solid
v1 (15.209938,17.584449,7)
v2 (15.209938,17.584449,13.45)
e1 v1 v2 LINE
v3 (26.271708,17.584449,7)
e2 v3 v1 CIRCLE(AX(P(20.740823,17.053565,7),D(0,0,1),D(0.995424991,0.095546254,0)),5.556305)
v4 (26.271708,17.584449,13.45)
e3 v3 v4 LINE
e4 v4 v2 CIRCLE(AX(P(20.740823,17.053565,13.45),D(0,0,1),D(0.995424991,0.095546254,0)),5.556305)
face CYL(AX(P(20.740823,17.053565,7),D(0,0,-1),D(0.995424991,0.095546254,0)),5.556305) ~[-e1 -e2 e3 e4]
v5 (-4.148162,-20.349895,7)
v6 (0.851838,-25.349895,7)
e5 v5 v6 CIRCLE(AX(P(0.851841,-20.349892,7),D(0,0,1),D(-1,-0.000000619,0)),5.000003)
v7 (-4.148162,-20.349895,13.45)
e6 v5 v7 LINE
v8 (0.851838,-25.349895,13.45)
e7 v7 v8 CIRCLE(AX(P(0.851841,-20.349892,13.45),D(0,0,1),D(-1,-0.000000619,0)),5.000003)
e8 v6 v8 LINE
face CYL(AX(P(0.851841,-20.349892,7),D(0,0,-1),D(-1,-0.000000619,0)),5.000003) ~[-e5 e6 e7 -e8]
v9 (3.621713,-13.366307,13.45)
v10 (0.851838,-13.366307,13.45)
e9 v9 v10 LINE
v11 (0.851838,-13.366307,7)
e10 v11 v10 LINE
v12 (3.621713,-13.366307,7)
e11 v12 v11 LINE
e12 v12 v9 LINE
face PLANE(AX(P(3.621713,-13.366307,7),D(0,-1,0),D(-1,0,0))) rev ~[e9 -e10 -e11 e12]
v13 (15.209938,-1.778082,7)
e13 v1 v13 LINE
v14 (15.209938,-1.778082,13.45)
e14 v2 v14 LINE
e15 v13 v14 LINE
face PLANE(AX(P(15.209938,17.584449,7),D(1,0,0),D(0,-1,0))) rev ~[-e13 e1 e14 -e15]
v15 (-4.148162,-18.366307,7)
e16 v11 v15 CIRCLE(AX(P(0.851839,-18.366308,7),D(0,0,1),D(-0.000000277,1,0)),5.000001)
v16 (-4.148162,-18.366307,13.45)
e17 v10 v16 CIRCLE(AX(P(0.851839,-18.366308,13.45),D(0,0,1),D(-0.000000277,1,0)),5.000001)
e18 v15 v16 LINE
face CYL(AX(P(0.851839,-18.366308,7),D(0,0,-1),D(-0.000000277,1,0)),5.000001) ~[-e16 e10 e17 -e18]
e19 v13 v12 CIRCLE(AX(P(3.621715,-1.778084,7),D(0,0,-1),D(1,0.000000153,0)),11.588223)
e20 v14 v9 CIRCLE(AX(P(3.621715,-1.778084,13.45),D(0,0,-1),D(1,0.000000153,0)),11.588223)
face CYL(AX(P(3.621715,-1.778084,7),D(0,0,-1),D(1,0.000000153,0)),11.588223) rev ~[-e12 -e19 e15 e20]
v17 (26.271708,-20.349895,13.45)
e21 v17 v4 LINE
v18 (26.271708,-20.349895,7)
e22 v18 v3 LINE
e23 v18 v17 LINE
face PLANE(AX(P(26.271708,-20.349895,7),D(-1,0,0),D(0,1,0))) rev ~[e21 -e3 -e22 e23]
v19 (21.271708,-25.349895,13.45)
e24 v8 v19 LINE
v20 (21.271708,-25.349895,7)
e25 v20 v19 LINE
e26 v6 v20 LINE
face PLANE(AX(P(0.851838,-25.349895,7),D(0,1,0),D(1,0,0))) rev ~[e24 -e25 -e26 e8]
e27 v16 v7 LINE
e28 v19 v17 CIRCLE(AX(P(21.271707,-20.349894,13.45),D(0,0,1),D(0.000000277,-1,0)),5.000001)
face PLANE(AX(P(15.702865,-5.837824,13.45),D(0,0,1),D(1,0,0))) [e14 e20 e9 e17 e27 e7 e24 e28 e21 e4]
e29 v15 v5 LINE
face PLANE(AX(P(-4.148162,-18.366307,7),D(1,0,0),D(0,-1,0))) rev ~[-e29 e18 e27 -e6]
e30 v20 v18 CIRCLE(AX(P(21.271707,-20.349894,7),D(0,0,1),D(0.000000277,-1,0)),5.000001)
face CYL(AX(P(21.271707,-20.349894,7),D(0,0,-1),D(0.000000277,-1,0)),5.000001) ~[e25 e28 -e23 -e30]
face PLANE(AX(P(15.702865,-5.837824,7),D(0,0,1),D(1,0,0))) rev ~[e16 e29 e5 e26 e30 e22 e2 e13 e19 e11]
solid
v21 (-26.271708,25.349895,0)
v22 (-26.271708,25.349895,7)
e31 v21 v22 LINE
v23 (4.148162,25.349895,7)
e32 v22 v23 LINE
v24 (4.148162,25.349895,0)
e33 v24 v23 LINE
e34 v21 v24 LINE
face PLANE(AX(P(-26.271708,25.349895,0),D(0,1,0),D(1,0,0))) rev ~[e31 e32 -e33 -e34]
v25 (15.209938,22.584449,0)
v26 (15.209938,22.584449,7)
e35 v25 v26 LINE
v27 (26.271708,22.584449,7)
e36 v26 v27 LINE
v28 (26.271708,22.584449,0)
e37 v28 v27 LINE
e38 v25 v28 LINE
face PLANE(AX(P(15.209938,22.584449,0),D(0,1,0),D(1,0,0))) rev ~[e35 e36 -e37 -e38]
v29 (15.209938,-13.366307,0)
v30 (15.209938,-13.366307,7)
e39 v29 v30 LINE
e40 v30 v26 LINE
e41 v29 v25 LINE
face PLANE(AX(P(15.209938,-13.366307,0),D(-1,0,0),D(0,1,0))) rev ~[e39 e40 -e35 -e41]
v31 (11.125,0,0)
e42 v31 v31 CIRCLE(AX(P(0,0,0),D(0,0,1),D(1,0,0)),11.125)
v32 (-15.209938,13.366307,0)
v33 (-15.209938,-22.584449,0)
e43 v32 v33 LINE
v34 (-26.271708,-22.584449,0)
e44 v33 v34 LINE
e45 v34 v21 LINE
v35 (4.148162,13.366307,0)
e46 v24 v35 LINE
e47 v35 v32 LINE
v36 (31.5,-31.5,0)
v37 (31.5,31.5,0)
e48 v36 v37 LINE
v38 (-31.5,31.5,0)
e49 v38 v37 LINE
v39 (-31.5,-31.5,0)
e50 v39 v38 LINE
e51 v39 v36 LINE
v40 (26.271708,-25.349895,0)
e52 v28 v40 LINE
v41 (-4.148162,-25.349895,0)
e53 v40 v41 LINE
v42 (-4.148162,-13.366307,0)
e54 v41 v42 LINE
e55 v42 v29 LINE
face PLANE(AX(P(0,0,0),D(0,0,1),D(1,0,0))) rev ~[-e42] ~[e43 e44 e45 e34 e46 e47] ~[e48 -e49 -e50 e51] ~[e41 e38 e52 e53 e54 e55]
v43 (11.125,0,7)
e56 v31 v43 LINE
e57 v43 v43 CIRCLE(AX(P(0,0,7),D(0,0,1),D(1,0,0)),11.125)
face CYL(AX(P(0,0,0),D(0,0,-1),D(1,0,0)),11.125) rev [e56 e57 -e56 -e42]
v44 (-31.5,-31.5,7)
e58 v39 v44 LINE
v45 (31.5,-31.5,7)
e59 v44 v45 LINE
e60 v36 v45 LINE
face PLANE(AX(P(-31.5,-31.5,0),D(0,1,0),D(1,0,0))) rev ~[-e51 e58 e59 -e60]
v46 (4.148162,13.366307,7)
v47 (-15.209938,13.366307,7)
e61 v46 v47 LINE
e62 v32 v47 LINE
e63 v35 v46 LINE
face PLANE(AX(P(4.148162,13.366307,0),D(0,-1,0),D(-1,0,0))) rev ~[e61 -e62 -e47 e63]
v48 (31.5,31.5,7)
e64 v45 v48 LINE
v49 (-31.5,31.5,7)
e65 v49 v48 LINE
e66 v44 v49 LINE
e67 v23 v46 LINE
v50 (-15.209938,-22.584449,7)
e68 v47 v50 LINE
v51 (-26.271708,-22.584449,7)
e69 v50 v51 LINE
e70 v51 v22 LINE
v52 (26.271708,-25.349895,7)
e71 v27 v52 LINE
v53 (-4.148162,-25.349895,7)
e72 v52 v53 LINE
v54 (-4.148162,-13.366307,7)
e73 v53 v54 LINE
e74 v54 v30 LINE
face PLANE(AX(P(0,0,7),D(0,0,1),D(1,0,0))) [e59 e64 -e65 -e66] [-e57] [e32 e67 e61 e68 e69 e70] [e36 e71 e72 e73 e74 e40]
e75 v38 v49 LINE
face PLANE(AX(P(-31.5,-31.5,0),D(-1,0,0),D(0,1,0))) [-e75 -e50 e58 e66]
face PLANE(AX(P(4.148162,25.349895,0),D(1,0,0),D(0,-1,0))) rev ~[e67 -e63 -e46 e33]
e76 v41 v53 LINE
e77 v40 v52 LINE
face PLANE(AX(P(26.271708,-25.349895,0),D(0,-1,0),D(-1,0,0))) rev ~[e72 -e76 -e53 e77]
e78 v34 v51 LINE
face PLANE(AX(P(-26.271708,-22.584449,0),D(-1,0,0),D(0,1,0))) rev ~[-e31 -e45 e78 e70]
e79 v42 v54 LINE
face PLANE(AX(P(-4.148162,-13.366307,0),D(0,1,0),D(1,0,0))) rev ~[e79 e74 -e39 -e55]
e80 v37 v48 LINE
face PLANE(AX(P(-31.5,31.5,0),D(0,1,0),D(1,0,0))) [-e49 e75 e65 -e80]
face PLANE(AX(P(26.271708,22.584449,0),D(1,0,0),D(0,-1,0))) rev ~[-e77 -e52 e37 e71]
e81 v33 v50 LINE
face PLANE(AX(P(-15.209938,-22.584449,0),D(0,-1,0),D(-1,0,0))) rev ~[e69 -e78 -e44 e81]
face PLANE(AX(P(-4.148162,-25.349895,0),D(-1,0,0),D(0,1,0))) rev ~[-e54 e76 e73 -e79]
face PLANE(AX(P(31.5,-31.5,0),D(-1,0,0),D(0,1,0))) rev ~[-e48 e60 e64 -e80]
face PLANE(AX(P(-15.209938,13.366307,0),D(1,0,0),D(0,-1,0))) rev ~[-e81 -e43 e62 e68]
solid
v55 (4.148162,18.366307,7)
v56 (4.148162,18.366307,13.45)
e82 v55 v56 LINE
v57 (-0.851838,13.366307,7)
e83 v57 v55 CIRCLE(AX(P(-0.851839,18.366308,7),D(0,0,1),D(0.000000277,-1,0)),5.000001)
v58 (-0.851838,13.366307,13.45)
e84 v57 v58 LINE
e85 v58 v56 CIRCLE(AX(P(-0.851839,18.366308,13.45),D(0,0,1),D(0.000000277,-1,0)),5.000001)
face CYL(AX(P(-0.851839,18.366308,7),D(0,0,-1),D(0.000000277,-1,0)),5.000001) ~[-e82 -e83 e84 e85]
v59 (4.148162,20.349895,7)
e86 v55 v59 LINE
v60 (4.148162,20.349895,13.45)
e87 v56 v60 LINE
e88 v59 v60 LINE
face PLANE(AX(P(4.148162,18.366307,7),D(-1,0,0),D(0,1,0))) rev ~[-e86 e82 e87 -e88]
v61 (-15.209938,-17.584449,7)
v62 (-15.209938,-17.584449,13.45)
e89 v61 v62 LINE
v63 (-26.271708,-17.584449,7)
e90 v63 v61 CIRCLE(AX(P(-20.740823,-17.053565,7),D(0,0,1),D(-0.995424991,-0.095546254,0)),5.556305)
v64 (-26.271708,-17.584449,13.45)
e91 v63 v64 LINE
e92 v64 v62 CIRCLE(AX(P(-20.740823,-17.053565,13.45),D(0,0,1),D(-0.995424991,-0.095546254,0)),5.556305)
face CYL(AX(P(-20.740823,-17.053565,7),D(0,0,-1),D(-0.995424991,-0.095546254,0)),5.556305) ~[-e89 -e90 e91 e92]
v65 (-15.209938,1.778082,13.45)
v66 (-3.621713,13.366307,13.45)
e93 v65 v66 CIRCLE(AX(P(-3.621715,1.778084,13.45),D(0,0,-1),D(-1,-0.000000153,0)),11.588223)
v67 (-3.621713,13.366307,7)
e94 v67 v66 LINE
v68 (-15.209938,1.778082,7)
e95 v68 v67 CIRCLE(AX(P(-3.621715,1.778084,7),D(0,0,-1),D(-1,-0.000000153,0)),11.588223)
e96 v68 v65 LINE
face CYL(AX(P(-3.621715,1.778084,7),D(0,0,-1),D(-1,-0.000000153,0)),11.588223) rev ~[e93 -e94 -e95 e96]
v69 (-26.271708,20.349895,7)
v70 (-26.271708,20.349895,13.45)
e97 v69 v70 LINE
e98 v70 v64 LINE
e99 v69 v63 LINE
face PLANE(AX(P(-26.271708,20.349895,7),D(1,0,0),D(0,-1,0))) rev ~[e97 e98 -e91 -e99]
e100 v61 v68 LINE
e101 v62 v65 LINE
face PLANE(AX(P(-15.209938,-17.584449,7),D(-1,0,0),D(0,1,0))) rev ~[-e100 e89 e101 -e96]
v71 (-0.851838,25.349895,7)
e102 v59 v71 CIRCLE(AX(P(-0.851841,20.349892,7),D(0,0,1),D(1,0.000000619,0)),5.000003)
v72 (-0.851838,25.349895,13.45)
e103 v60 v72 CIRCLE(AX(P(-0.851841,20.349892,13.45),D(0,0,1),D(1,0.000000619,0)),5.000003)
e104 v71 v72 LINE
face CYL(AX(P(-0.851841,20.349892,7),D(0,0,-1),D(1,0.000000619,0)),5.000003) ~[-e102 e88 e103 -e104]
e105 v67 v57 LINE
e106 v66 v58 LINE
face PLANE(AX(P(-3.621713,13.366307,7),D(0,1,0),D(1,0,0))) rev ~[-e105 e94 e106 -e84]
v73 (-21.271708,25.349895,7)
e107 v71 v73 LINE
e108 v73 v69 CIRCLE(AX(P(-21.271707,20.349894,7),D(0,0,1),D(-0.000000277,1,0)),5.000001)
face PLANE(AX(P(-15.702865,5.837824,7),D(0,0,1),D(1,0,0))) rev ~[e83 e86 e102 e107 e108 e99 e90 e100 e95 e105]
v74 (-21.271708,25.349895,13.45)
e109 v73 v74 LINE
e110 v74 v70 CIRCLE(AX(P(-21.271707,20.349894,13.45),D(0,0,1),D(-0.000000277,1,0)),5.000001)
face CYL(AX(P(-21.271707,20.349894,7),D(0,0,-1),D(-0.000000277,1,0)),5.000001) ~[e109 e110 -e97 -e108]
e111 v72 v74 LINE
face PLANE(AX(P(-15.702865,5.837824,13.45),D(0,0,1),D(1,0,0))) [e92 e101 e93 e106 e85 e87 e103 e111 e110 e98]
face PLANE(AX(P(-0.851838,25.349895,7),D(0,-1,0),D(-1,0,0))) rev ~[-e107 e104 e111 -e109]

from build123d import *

# Parameters (mm, degrees)
F0_W     = 63
F0_H     = 63
F0_R     = 11.125
F1_DEPTH = 7
F3_DEPTH = 6.45


with BuildPart() as f1:
    # F0 (on Top) → F1 (new body)
    with BuildSketch(Plane.XY):
        Rectangle(F0_W, F0_H)
        Polygon((26.271708, -13.366307), (26.271708, -25.349895), (-4.148162, -25.349895), (-4.148162, -13.366307), (15.209938, -13.366307), (15.209938, 22.584449), (26.271708, 22.584449), align=None, mode=Mode.SUBTRACT)
        Polygon((-26.271708, -22.584449), (-26.271708, 13.366307), (-26.271708, 25.349895), (4.148162, 25.349895), (4.148162, 13.366307), (-15.209938, 13.366307), (-15.209938, -22.584449), align=None, mode=Mode.SUBTRACT)
        Circle(F0_R, mode=Mode.SUBTRACT)
    extrude(amount=F1_DEPTH)


with BuildPart() as f3:
    # F2 (on face) → F3 (new body)
    with BuildSketch(Plane.XY.offset(7)):
        with BuildLine():
            ThreePointArc((-21.271708, 25.349895), (-24.807242, 23.885428), (-26.271708, 20.349895))
            Line((-26.271708, 20.349895), (-26.271708, -17.584449))
            ThreePointArc((-26.271708, -17.584449), (-20.740823, -22.60987), (-15.209938, -17.584449))
            Line((-15.209938, -17.584449), (-15.209938, 1.778082))
            ThreePointArc((-15.209938, 1.778082), (-11.815826, 9.972195), (-3.621713, 13.366307))
            Line((-3.621713, 13.366307), (-0.851838, 13.366307))
            ThreePointArc((-0.851838, 13.366307), (2.683695, 14.830773), (4.148162, 18.366307))
            Line((4.148162, 18.366307), (4.148162, 20.349895))
            ThreePointArc((4.148162, 20.349895), (2.683695, 23.885428), (-0.851838, 25.349895))
            Line((-0.851838, 25.349895), (-21.271708, 25.349895))
        make_face()
        with BuildLine():
            Line((3.621713, -13.366307), (0.851838, -13.366307))
            ThreePointArc((0.851838, -13.366307), (-2.683695, -14.830773), (-4.148162, -18.366307))
            Line((-4.148162, -18.366307), (-4.148162, -20.349895))
            ThreePointArc((-4.148162, -20.349895), (-2.683695, -23.885428), (0.851838, -25.349895))
            Line((0.851838, -25.349895), (21.271708, -25.349895))
            ThreePointArc((21.271708, -25.349895), (24.807242, -23.885428), (26.271708, -20.349895))
            Line((26.271708, -20.349895), (26.271708, 17.584449))
            ThreePointArc((26.271708, 17.584449), (20.740823, 22.60987), (15.209938, 17.584449))
            Line((15.209938, 17.584449), (15.209938, -1.778082))
            ThreePointArc((15.209938, -1.778082), (11.815826, -9.972195), (3.621713, -13.366307))
        make_face()
    extrude(amount=F3_DEPTH)


solid = Compound([f1.part, f3.part])
